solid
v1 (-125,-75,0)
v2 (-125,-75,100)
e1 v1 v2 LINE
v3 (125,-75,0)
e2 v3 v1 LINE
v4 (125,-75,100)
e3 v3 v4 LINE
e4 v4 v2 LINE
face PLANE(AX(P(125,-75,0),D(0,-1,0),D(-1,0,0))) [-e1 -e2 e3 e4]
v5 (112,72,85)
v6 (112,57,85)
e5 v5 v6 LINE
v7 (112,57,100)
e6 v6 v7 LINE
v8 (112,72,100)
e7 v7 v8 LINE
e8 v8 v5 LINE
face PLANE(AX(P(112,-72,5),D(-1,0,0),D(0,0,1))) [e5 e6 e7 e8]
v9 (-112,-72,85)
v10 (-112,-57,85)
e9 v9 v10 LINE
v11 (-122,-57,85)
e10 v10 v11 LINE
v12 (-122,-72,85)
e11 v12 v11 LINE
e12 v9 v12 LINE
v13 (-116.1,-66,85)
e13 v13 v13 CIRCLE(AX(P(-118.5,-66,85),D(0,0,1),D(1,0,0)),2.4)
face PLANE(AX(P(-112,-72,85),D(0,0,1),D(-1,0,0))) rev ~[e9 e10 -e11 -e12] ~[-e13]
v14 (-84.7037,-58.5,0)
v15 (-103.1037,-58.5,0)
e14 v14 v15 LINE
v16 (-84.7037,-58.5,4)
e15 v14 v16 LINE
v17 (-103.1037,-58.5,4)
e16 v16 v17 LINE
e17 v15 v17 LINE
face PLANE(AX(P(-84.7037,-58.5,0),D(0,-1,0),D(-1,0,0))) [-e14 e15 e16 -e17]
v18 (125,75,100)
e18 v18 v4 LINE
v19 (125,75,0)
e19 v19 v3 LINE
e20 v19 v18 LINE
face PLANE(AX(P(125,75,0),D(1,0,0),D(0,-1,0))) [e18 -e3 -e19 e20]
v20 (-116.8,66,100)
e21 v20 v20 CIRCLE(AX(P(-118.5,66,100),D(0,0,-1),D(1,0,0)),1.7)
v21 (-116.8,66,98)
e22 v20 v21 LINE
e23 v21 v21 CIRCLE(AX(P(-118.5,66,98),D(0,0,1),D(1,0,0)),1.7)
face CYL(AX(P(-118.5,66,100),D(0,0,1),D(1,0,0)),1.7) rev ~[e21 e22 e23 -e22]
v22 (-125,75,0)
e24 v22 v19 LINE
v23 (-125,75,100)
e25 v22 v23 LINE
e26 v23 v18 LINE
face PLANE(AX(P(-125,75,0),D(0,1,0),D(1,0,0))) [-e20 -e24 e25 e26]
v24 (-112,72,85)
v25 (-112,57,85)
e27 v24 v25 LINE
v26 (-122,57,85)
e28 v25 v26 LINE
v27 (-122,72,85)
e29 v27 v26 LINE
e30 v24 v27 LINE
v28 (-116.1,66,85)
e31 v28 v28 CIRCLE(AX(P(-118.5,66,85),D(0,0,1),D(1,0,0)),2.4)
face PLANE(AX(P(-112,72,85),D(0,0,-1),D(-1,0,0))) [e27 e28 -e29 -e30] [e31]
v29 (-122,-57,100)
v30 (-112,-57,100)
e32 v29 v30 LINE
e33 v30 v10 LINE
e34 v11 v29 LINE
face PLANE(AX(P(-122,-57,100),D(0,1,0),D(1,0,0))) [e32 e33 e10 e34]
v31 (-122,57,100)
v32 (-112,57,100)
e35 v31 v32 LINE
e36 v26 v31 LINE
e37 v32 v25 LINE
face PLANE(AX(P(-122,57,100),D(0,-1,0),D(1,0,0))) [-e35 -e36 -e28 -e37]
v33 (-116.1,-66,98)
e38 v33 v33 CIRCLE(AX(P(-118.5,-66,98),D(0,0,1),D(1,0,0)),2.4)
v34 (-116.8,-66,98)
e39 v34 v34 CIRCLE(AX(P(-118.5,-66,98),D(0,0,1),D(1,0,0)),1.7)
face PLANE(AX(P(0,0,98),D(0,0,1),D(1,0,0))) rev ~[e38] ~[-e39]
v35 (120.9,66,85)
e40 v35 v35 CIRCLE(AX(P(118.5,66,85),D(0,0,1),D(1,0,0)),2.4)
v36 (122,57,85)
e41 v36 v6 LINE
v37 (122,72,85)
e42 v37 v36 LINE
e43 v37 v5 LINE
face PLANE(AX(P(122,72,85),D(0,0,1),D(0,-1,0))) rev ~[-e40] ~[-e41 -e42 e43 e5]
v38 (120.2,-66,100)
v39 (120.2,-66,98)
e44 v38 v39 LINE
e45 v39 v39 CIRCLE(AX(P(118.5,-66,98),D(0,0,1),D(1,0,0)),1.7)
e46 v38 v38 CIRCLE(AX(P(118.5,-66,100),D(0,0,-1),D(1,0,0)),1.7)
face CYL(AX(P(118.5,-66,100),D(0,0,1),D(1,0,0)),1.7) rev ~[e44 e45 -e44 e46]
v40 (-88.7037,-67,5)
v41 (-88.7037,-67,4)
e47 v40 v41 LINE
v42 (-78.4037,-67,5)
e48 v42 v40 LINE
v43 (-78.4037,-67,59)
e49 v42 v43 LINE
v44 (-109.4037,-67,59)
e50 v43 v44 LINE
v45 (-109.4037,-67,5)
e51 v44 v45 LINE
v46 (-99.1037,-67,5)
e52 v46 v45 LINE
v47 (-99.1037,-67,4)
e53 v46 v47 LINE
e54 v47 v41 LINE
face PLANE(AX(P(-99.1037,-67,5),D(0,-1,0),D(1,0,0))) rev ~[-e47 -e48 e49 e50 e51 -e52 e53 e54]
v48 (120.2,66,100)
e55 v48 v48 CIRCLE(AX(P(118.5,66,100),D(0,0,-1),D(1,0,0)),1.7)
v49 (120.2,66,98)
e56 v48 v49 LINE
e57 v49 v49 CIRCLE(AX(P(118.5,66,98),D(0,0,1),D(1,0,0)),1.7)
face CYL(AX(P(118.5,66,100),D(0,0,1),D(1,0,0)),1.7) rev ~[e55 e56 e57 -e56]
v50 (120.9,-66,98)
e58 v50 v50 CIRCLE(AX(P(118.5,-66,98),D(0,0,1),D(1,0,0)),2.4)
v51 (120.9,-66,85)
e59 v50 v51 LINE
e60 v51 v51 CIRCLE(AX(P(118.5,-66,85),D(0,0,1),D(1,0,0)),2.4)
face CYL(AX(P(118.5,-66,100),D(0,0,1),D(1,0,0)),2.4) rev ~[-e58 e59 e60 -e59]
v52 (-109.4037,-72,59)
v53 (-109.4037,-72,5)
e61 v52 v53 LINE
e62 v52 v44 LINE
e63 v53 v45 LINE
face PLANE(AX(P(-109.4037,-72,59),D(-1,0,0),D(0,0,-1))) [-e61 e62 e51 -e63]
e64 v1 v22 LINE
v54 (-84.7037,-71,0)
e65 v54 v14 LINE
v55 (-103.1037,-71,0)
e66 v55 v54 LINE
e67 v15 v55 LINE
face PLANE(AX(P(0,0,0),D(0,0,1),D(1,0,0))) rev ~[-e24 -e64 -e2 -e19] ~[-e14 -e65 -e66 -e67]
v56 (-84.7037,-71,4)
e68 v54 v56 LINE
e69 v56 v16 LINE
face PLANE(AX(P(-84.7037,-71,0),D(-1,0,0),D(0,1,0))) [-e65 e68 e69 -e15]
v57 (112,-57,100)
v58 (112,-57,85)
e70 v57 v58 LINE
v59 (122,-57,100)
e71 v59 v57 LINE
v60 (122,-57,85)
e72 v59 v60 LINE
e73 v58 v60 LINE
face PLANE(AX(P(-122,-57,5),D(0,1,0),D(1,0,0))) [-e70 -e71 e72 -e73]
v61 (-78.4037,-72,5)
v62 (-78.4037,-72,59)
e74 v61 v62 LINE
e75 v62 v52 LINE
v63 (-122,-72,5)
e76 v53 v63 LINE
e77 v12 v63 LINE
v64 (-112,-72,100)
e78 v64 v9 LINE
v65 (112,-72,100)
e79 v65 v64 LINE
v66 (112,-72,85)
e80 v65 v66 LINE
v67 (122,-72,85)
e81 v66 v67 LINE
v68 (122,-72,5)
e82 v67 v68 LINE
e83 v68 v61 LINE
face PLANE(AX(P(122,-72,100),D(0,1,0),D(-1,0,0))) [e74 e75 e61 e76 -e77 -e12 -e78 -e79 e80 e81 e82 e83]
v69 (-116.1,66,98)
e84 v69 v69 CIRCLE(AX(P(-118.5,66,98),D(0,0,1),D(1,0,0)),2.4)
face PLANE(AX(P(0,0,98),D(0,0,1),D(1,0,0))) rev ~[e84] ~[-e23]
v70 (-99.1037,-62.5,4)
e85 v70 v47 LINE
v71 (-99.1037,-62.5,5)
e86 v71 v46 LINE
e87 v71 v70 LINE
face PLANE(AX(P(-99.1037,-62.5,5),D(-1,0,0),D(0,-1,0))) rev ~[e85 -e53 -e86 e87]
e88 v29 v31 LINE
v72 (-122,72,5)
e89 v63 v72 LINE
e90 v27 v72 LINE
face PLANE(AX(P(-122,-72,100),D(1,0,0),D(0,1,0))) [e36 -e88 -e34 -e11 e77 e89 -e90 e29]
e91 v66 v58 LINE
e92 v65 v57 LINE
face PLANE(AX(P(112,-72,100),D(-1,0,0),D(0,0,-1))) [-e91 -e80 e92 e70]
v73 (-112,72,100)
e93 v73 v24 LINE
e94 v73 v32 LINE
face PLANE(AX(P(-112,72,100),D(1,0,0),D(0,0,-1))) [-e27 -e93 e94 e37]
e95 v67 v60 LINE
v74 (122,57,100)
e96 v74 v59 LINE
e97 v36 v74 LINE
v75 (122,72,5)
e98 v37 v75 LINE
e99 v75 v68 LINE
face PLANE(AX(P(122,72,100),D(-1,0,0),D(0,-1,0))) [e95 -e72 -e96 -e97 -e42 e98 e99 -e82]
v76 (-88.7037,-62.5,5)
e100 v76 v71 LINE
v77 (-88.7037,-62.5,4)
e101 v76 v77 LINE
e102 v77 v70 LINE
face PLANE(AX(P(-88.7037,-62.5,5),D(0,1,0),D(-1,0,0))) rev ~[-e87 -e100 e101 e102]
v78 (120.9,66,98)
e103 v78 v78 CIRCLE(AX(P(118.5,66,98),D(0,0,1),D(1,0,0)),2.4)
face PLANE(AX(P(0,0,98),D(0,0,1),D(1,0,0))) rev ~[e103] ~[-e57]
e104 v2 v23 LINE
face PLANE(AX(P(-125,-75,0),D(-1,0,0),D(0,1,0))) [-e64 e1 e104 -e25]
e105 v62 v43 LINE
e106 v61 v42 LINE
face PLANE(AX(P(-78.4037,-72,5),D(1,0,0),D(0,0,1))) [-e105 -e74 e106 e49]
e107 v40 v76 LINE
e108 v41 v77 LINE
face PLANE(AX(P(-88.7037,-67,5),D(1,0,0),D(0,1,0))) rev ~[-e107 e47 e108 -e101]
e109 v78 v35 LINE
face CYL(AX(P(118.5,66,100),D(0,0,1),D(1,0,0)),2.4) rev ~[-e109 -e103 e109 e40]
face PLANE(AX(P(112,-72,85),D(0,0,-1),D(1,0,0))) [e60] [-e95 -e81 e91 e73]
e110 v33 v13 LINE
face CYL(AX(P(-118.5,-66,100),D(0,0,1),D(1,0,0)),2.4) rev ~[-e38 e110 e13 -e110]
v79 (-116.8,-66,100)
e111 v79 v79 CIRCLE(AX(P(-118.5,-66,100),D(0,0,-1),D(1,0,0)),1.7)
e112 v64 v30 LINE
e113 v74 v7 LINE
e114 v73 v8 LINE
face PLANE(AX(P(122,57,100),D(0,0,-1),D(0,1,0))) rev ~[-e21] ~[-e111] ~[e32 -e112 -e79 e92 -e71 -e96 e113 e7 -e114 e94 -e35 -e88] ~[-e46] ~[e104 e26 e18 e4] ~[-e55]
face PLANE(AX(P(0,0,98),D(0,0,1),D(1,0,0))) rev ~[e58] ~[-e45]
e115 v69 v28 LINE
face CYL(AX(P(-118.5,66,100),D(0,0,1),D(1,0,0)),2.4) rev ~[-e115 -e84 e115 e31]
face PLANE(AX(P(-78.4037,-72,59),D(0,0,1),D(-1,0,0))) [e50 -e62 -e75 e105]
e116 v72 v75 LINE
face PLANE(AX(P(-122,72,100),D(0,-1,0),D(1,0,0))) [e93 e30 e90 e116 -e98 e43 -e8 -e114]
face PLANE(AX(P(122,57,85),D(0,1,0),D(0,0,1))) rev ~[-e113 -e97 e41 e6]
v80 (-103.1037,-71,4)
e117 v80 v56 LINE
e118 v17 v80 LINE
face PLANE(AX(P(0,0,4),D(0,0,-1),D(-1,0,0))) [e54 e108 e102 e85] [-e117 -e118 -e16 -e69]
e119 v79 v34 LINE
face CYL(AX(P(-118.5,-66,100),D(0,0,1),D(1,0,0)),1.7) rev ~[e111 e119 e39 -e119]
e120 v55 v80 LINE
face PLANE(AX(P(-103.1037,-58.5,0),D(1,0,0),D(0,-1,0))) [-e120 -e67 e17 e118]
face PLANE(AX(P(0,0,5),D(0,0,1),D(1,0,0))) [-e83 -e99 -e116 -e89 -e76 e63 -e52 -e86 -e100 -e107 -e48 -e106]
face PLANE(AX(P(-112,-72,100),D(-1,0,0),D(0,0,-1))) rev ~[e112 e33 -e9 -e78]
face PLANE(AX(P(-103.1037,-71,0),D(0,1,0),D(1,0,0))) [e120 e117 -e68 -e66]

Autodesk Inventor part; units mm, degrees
ref_plane "YZ Plane" through (0, 0, 0) normal (1, 0, 0) x (0, 1, 0)
ref_plane "XZ Plane" through (0, 0, 0) normal (0, 1, 0) x (-1, 0, 0)
ref_plane "XY Plane" through (0, 0, 0) normal (0, 0, 1) x (1, 0, 0)
sketch "Sketch7" plane through (0, 0, 0) normal (0, 0, 1) x (1, 0, 0)
  line L0 (125, -75) -> (-125, -75)
  line L1 (-125, -75) -> (-125, 75)
  line L2 (-125, 75) -> (125, 75)
  line L3 (125, 75) -> (125, -75)
  line L4 (125, -75) -> (-125, 75) construction
  line L5 (-125, -75) -> (125, 75) construction
  point P0 (0, 0)
  dimension "d15" = 250
  dimension "d16" = 150
extrude "Box Outside" add sketch "Sketch7" along normal blind 100
sketch "Sketch8" plane through (0, 0, 100) normal (0, 0, 1) x (1, 0, 0)
  line L0 (-122, 72) -> (122, 72)
  line L1 (122, 72) -> (122, -72)
  line L2 (122, -72) -> (-122, -72)
  line L3 (-122, -72) -> (-122, 72)
  line L4 (125, 75) -> (-125, 75) projected
  line L5 (-125, 75) -> (-125, -75) projected
  line L6 (-125, -75) -> (125, -75) projected
  line L7 (125, -75) -> (125, 75) projected
  point P0 (0, 0)
  dimension "d19" = 3
  dimension "d20" = 3
  dimension "d21" = 3
  dimension "d22" = 3
extrude "Box Cut" cut sketch "Sketch8" against normal blind 95 contours L0 L1 L2 L3
sketch "Sketch9" plane through (-122, -72, 100) normal (0, 1, 0) x (1, 0, 0)
  line L0 (0, 0) -> (10, 0)
  line L1 (10, 0) -> (10, 15)
  line L2 (10, 15) -> (0, 15)
  line L3 (0, 15) -> (0, 0)
  point P0 (122, 100)
  dimension "d25" = 10
  dimension "d26" = 15
extrude "ScrewHole Box LB" add sketch "Sketch9" along normal blind 15
sketch "Sketch10" plane through (-122, -72, 5) normal (0, 1, 0) x (1, 0, 0)
  line L0 (244, -95) -> (244, 0) projected
  line L1 (244, -95) -> (234, -95)
  line L2 (234, -95) -> (234, -80)
  line L3 (234, -80) -> (244, -80)
  line L4 (244, -80) -> (244, -95)
  point P0 (122, 5)
  dimension "d29" = 10
  dimension "d30" = 15
extrude "ScrewHole Box RB" add sketch "Sketch10" along normal blind 15
sketch "Sketch11" plane through (-122, 72, 100) normal (0, -1, 0) x (1, 0, 0)
  line L0 (0, 0) -> (244, 0) projected
  line L1 (0, 0) -> (10, 0)
  line L2 (10, 0) -> (10, -15)
  line L3 (10, -15) -> (0, -15)
  line L4 (0, -15) -> (0, 0)
  point P0 (122, -100)
  dimension "d33" = 10
  dimension "d34" = 15
extrude "ScrewHole Box LU" add sketch "Sketch11" along normal blind 15
sketch "Sketch13" plane through (122, -72, 5) normal (-1, 0, 0) x (0, 0, 1)
  line L0 (95, 144) -> (0, 144) projected
  line L1 (95, 144) -> (80, 144)
  line L2 (80, 144) -> (80, 129)
  line L3 (80, 129) -> (95, 129)
  line L4 (95, 129) -> (95, 144)
  point P0 (-5, 72)
  dimension "d37" = 15
  dimension "d38" = 15
extrude "ScrewHole Box RU" add sketch "Sketch13" along normal blind 10
sketch "Sketch27" plane through (0, 0, 100) normal (0, 0, 1) x (1, 0, 0)
  line L0 (-112, -72) -> (-112, -57) projected
  line L1 (-125, 75) -> (-125, -75) projected
  line L2 (-112, -57) -> (-125, -57)
  line L3 (-125, -57) -> (-125, -75)
  line L4 (-125, -75) -> (-112, -75)
  line L5 (-112, -75) -> (-112, -57)
  line L6 (-112, -57) -> (-125, -75)
  line L7 (-112, -75) -> (-125, -57)
  circle A0 centre (-118.5, -66) radius 2.4
  point P0 (0, 0)
  dimension "d84" = 4.8
extrude "Outside ScrewHole LB" cut sketch "Sketch27" against normal blind 26 contours A0 L7 L6 | L6 L7 A0 | A0 L6 L7 | L7 L6 A0
sketch "Sketch29" plane through (0, 0, 100) normal (0, 0, 1) x (1, 0, 0)
  line L0 (-112, -72) -> (-112, -57) projected
  line L1 (-125, -75) -> (125, -75) projected
  line L2 (-112, -57) -> (-125, -57)
  line L3 (-125, -57) -> (-125, -75)
  line L4 (-125, -75) -> (-112, -75)
  line L5 (-112, -75) -> (-112, -57)
  line L6 (-112, -57) -> (-125, -75)
  circle A0 centre (-118.5, -66) radius 2.4
  point P0 (0, 0)
extrude "ScrewRibbon LB" add sketch "Sketch29" against normal blind 2 contours A0 L6 | L6 A0
sketch "Sketch30" plane through (0, 0, 100) normal (0, 0, 1) x (1, 0, 0)
  line L0 (-122, -57) -> (-112, -57) projected
  line L1 (-125, -75) -> (125, -75) projected
  line L2 (-112, -57) -> (-125, -57)
  line L3 (-125, -57) -> (-125, -75)
  line L4 (-125, -75) -> (-112, -75)
  line L5 (-112, -75) -> (-112, -57)
  line L6 (-112, -57) -> (-125, -75)
  circle A0 centre (-118.5, -66) radius 1.7
  point P0 (0, 0)
  dimension "d92" = 3.4
extrude "Inside ScrewHole LB" cut sketch "Sketch30" against normal blind 24 contours A0 L6 | L6 A0
sketch "Sketch31" plane through (0, 0, 100) normal (0, 0, 1) x (1, 0, 0)
  line L0 (-125, 75) -> (-125, -75) projected
  line L1 (-112, 57) -> (-122, 57) projected
  line L2 (-125, 75) -> (-112, 75)
  line L3 (-112, 75) -> (-112, 57)
  line L4 (-112, 57) -> (-125, 57)
  line L5 (-125, 57) -> (-125, 75)
  line L6 (-125, 75) -> (-112, 57)
  circle A0 centre (-118.5, 66) radius 2.4
  point P0 (0, 0)
  dimension "d95" = 4.8
extrude "Outside ScrewHole LU" cut sketch "Sketch31" against normal blind 24 contours A0 L6 | L6 A0
sketch "Sketch32" plane through (0, 0, 100) normal (0, 0, 1) x (1, 0, 0)
  line L0 (-122, 57) -> (-112, 57) projected
  line L1 (-125, 75) -> (-125, -75) projected
  line L2 (-112, 57) -> (-125, 57)
  line L3 (-125, 57) -> (-125, 75)
  line L4 (-125, 75) -> (-112, 75)
  line L5 (-112, 75) -> (-112, 57)
  line L6 (-112, 75) -> (-125, 57)
  circle A0 centre (-118.5, 66) radius 2.4
  point P0 (0, 0)
  dimension "d98" = 4.8
extrude "ScrewRibbon LU" add sketch "Sketch32" against normal blind 2 contours A0 L6 | L6 A0
sketch "Sketch33" plane through (0, 0, 100) normal (0, 0, 1) x (1, 0, 0)
  line L0 (125, 75) -> (-125, 75) projected
  line L1 (-112, 57) -> (-122, 57) projected
  line L2 (-125, 75) -> (-112, 75)
  line L3 (-112, 75) -> (-112, 57)
  line L4 (-112, 57) -> (-125, 57)
  line L5 (-125, 57) -> (-125, 75)
  line L6 (-125, 75) -> (-112, 57)
  circle A0 centre (-118.5, 66) radius 1.7
  point P0 (0, 0)
  dimension "d101" = 3.4
extrude "Inside ScrewHole LU" cut sketch "Sketch33" against normal blind 21.75 contours A0 L6 | L6 A0
sketch "Sketch34" plane through (0, 0, 100) normal (0, 0, 1) x (1, 0, 0)
  line L0 (112, 57) -> (112, 72) projected
  line L1 (125, 75) -> (-125, 75) projected
  line L2 (112, 57) -> (125, 57)
  line L3 (125, 57) -> (125, 75)
  line L4 (125, 75) -> (112, 75)
  line L5 (112, 75) -> (112, 57)
  line L6 (125, 75) -> (112, 57)
  circle A0 centre (118.5, 66) radius 2.4
  point P0 (0, 0)
  dimension "d104" = 4.8
extrude "Outside ScrewHole RU" cut sketch "Sketch34" against normal blind 21.75 contours A0 L6 | L6 A0
sketch "Sketch35" plane through (0, 0, 100) normal (0, 0, 1) x (1, 0, 0)
  line L0 (125, -75) -> (125, 75) projected
  line L1 (122, 57) -> (112, 57) projected
  line L2 (125, 75) -> (112, 75)
  line L3 (112, 75) -> (112, 57)
  line L4 (112, 57) -> (125, 57)
  line L5 (125, 57) -> (125, 75)
  line L6 (125, 75) -> (-125, 75) projected
  line L7 (125, 75) -> (112, 57)
  circle A0 centre (118.5, 66) radius 2.4
  point P0 (0, 0)
  dimension "d107" = 4.8
extrude "ScrewRibbon RU" add sketch "Sketch35" against normal blind 2 contours A0 L7 | L7 A0
sketch "Sketch36" plane through (0, 0, 100) normal (0, 0, 1) x (1, 0, 0)
  line L0 (122, 57) -> (112, 57) projected
  line L1 (125, -75) -> (125, 75) projected
  line L2 (112, 57) -> (125, 57)
  line L3 (125, 57) -> (125, 75)
  line L4 (125, 75) -> (112, 75)
  line L5 (112, 75) -> (112, 57)
  line L6 (112, 57) -> (125, 75)
  circle A0 centre (118.5, 66) radius 2.4 projected
  circle A1 centre (118.5, 66) radius 1.7
  point P0 (0, 0)
  dimension "d110" = 3.4
extrude "Inside ScrewHole RU" cut sketch "Sketch36" against normal blind 20 contours A1 L6 | L6 A1
sketch "Sketch37" plane through (0, 0, 100) normal (0, 0, 1) x (1, 0, 0)
  line L0 (125, -75) -> (125, 75) projected
  line L1 (112, -72) -> (112, -57) projected
  line L2 (125, -75) -> (112, -75)
  line L3 (112, -75) -> (112, -57)
  line L4 (112, -57) -> (125, -57)
  line L5 (125, -57) -> (125, -75)
  line L6 (112, -75) -> (125, -57)
  circle A0 centre (118.5, -66) radius 2.4
  point P0 (0, 0)
  dimension "d113" = 4.8
extrude "Outside ScrewHole RB" cut sketch "Sketch37" against normal blind 20 contours A0 L6 | L6 A0
sketch "Sketch38" plane through (0, 0, 100) normal (0, 0, 1) x (1, 0, 0)
  line L0 (122, -57) -> (112, -57) projected
  line L1 (125, -75) -> (125, 75) projected
  line L2 (112, -57) -> (125, -57)
  line L3 (125, -57) -> (125, -75)
  line L4 (125, -75) -> (112, -75)
  line L5 (112, -75) -> (112, -57)
  line L6 (125, -57) -> (112, -75)
  circle A0 centre (118.5, -66) radius 2.4
  point P0 (0, 0)
  dimension "d116" = 4.8
extrude "ScrewRibbon RB" add sketch "Sketch38" against normal blind 2 contours A0 L6 | L6 A0
sketch "Sketch39" plane through (0, 0, 100) normal (0, 0, 1) x (1, 0, 0)
  line L0 (112, -72) -> (112, -57) projected
  line L1 (125, -75) -> (125, 75) projected
  line L2 (112, -57) -> (125, -57)
  line L3 (125, -57) -> (125, -75)
  line L4 (125, -75) -> (112, -75)
  line L5 (112, -75) -> (112, -57)
  line L6 (112, -75) -> (125, -57)
  circle A0 centre (118.5, -66) radius 2.4 projected
  circle A1 centre (118.5, -66) radius 1.7
  point P0 (0, 0)
  dimension "d119" = 3.4
extrude "Inside ScrewHole RB" cut sketch "Sketch39" against normal blind 20 contours A1 L6 | L6 A1
sketch "Sketch42" plane through (-122, -72, 5) normal (0, 1, 0) x (1, 0, 0)
  line L0 (244, 0) -> (0, 0) projected
  line L1 (12.5963, 0) -> (43.5963, 0)
  line L2 (43.5963, 0) -> (43.5963, -54)
  line L3 (43.5963, -54) -> (12.5963, -54)
  line L4 (12.5963, -54) -> (12.5963, 0)
  point P0 (122, 5)
  point P1 (43.5963, 0)
  dimension "d134" = 31
  dimension "d135" = 54
extrude "ESPHolder" add sketch "Sketch42" along normal blind 5
sketch "Sketch43" plane through (0, 0, 5) normal (0, 0, 1) x (1, 0, 0)
  line L0 (-109.4037, -67) -> (-78.4037, -67) projected
  line L1 (-99.1037, -67) -> (-88.7037, -67)
  line L2 (-88.7037, -67) -> (-88.7037, -62.5)
  line L3 (-88.7037, -62.5) -> (-99.1037, -62.5)
  line L4 (-99.1037, -62.5) -> (-99.1037, -67)
  line L5 (-78.4037, -67) -> (-109.4037, -67)
  line L6 (-109.4037, -67) -> (-109.4037, -51.7804)
  line L7 (-109.4037, -51.7804) -> (-78.4037, -51.7804)
  line L8 (-78.4037, -51.7804) -> (-78.4037, -67)
  point P0 (0, 0)
  dimension "d138" = 10.3
  dimension "d139" = 10.3
  dimension "d140" = 4.5
extrude "PortHole" cut sketch "Sketch43" against normal through all contours L4 L3 L2 L0
sketch "Sketch44" plane through (0, 0, 0) normal (0, 0, -1) x (-1, 0, 0)
  line L0 (84.7037, -58.5) -> (103.1037, -58.5)
  line L1 (103.1037, -58.5) -> (103.1037, -71)
  line L2 (103.1037, -71) -> (84.7037, -71)
  line L3 (84.7037, -71) -> (84.7037, -58.5)
  line L4 (88.7037, -62.5) -> (99.1037, -62.5) projected
  line L5 (99.1037, -67) -> (88.7037, -67) projected
  line L6 (99.1037, -62.5) -> (99.1037, -67) projected
  line L7 (88.7037, -67) -> (88.7037, -62.5) projected
  point P0 (0, 0)
  dimension "d143" = 4
  dimension "d144" = 4
  dimension "d145" = 4
  dimension "d146" = 4
extrude "Extrusion29" cut sketch "Sketch44" against normal blind 4
properties part number "Box"
